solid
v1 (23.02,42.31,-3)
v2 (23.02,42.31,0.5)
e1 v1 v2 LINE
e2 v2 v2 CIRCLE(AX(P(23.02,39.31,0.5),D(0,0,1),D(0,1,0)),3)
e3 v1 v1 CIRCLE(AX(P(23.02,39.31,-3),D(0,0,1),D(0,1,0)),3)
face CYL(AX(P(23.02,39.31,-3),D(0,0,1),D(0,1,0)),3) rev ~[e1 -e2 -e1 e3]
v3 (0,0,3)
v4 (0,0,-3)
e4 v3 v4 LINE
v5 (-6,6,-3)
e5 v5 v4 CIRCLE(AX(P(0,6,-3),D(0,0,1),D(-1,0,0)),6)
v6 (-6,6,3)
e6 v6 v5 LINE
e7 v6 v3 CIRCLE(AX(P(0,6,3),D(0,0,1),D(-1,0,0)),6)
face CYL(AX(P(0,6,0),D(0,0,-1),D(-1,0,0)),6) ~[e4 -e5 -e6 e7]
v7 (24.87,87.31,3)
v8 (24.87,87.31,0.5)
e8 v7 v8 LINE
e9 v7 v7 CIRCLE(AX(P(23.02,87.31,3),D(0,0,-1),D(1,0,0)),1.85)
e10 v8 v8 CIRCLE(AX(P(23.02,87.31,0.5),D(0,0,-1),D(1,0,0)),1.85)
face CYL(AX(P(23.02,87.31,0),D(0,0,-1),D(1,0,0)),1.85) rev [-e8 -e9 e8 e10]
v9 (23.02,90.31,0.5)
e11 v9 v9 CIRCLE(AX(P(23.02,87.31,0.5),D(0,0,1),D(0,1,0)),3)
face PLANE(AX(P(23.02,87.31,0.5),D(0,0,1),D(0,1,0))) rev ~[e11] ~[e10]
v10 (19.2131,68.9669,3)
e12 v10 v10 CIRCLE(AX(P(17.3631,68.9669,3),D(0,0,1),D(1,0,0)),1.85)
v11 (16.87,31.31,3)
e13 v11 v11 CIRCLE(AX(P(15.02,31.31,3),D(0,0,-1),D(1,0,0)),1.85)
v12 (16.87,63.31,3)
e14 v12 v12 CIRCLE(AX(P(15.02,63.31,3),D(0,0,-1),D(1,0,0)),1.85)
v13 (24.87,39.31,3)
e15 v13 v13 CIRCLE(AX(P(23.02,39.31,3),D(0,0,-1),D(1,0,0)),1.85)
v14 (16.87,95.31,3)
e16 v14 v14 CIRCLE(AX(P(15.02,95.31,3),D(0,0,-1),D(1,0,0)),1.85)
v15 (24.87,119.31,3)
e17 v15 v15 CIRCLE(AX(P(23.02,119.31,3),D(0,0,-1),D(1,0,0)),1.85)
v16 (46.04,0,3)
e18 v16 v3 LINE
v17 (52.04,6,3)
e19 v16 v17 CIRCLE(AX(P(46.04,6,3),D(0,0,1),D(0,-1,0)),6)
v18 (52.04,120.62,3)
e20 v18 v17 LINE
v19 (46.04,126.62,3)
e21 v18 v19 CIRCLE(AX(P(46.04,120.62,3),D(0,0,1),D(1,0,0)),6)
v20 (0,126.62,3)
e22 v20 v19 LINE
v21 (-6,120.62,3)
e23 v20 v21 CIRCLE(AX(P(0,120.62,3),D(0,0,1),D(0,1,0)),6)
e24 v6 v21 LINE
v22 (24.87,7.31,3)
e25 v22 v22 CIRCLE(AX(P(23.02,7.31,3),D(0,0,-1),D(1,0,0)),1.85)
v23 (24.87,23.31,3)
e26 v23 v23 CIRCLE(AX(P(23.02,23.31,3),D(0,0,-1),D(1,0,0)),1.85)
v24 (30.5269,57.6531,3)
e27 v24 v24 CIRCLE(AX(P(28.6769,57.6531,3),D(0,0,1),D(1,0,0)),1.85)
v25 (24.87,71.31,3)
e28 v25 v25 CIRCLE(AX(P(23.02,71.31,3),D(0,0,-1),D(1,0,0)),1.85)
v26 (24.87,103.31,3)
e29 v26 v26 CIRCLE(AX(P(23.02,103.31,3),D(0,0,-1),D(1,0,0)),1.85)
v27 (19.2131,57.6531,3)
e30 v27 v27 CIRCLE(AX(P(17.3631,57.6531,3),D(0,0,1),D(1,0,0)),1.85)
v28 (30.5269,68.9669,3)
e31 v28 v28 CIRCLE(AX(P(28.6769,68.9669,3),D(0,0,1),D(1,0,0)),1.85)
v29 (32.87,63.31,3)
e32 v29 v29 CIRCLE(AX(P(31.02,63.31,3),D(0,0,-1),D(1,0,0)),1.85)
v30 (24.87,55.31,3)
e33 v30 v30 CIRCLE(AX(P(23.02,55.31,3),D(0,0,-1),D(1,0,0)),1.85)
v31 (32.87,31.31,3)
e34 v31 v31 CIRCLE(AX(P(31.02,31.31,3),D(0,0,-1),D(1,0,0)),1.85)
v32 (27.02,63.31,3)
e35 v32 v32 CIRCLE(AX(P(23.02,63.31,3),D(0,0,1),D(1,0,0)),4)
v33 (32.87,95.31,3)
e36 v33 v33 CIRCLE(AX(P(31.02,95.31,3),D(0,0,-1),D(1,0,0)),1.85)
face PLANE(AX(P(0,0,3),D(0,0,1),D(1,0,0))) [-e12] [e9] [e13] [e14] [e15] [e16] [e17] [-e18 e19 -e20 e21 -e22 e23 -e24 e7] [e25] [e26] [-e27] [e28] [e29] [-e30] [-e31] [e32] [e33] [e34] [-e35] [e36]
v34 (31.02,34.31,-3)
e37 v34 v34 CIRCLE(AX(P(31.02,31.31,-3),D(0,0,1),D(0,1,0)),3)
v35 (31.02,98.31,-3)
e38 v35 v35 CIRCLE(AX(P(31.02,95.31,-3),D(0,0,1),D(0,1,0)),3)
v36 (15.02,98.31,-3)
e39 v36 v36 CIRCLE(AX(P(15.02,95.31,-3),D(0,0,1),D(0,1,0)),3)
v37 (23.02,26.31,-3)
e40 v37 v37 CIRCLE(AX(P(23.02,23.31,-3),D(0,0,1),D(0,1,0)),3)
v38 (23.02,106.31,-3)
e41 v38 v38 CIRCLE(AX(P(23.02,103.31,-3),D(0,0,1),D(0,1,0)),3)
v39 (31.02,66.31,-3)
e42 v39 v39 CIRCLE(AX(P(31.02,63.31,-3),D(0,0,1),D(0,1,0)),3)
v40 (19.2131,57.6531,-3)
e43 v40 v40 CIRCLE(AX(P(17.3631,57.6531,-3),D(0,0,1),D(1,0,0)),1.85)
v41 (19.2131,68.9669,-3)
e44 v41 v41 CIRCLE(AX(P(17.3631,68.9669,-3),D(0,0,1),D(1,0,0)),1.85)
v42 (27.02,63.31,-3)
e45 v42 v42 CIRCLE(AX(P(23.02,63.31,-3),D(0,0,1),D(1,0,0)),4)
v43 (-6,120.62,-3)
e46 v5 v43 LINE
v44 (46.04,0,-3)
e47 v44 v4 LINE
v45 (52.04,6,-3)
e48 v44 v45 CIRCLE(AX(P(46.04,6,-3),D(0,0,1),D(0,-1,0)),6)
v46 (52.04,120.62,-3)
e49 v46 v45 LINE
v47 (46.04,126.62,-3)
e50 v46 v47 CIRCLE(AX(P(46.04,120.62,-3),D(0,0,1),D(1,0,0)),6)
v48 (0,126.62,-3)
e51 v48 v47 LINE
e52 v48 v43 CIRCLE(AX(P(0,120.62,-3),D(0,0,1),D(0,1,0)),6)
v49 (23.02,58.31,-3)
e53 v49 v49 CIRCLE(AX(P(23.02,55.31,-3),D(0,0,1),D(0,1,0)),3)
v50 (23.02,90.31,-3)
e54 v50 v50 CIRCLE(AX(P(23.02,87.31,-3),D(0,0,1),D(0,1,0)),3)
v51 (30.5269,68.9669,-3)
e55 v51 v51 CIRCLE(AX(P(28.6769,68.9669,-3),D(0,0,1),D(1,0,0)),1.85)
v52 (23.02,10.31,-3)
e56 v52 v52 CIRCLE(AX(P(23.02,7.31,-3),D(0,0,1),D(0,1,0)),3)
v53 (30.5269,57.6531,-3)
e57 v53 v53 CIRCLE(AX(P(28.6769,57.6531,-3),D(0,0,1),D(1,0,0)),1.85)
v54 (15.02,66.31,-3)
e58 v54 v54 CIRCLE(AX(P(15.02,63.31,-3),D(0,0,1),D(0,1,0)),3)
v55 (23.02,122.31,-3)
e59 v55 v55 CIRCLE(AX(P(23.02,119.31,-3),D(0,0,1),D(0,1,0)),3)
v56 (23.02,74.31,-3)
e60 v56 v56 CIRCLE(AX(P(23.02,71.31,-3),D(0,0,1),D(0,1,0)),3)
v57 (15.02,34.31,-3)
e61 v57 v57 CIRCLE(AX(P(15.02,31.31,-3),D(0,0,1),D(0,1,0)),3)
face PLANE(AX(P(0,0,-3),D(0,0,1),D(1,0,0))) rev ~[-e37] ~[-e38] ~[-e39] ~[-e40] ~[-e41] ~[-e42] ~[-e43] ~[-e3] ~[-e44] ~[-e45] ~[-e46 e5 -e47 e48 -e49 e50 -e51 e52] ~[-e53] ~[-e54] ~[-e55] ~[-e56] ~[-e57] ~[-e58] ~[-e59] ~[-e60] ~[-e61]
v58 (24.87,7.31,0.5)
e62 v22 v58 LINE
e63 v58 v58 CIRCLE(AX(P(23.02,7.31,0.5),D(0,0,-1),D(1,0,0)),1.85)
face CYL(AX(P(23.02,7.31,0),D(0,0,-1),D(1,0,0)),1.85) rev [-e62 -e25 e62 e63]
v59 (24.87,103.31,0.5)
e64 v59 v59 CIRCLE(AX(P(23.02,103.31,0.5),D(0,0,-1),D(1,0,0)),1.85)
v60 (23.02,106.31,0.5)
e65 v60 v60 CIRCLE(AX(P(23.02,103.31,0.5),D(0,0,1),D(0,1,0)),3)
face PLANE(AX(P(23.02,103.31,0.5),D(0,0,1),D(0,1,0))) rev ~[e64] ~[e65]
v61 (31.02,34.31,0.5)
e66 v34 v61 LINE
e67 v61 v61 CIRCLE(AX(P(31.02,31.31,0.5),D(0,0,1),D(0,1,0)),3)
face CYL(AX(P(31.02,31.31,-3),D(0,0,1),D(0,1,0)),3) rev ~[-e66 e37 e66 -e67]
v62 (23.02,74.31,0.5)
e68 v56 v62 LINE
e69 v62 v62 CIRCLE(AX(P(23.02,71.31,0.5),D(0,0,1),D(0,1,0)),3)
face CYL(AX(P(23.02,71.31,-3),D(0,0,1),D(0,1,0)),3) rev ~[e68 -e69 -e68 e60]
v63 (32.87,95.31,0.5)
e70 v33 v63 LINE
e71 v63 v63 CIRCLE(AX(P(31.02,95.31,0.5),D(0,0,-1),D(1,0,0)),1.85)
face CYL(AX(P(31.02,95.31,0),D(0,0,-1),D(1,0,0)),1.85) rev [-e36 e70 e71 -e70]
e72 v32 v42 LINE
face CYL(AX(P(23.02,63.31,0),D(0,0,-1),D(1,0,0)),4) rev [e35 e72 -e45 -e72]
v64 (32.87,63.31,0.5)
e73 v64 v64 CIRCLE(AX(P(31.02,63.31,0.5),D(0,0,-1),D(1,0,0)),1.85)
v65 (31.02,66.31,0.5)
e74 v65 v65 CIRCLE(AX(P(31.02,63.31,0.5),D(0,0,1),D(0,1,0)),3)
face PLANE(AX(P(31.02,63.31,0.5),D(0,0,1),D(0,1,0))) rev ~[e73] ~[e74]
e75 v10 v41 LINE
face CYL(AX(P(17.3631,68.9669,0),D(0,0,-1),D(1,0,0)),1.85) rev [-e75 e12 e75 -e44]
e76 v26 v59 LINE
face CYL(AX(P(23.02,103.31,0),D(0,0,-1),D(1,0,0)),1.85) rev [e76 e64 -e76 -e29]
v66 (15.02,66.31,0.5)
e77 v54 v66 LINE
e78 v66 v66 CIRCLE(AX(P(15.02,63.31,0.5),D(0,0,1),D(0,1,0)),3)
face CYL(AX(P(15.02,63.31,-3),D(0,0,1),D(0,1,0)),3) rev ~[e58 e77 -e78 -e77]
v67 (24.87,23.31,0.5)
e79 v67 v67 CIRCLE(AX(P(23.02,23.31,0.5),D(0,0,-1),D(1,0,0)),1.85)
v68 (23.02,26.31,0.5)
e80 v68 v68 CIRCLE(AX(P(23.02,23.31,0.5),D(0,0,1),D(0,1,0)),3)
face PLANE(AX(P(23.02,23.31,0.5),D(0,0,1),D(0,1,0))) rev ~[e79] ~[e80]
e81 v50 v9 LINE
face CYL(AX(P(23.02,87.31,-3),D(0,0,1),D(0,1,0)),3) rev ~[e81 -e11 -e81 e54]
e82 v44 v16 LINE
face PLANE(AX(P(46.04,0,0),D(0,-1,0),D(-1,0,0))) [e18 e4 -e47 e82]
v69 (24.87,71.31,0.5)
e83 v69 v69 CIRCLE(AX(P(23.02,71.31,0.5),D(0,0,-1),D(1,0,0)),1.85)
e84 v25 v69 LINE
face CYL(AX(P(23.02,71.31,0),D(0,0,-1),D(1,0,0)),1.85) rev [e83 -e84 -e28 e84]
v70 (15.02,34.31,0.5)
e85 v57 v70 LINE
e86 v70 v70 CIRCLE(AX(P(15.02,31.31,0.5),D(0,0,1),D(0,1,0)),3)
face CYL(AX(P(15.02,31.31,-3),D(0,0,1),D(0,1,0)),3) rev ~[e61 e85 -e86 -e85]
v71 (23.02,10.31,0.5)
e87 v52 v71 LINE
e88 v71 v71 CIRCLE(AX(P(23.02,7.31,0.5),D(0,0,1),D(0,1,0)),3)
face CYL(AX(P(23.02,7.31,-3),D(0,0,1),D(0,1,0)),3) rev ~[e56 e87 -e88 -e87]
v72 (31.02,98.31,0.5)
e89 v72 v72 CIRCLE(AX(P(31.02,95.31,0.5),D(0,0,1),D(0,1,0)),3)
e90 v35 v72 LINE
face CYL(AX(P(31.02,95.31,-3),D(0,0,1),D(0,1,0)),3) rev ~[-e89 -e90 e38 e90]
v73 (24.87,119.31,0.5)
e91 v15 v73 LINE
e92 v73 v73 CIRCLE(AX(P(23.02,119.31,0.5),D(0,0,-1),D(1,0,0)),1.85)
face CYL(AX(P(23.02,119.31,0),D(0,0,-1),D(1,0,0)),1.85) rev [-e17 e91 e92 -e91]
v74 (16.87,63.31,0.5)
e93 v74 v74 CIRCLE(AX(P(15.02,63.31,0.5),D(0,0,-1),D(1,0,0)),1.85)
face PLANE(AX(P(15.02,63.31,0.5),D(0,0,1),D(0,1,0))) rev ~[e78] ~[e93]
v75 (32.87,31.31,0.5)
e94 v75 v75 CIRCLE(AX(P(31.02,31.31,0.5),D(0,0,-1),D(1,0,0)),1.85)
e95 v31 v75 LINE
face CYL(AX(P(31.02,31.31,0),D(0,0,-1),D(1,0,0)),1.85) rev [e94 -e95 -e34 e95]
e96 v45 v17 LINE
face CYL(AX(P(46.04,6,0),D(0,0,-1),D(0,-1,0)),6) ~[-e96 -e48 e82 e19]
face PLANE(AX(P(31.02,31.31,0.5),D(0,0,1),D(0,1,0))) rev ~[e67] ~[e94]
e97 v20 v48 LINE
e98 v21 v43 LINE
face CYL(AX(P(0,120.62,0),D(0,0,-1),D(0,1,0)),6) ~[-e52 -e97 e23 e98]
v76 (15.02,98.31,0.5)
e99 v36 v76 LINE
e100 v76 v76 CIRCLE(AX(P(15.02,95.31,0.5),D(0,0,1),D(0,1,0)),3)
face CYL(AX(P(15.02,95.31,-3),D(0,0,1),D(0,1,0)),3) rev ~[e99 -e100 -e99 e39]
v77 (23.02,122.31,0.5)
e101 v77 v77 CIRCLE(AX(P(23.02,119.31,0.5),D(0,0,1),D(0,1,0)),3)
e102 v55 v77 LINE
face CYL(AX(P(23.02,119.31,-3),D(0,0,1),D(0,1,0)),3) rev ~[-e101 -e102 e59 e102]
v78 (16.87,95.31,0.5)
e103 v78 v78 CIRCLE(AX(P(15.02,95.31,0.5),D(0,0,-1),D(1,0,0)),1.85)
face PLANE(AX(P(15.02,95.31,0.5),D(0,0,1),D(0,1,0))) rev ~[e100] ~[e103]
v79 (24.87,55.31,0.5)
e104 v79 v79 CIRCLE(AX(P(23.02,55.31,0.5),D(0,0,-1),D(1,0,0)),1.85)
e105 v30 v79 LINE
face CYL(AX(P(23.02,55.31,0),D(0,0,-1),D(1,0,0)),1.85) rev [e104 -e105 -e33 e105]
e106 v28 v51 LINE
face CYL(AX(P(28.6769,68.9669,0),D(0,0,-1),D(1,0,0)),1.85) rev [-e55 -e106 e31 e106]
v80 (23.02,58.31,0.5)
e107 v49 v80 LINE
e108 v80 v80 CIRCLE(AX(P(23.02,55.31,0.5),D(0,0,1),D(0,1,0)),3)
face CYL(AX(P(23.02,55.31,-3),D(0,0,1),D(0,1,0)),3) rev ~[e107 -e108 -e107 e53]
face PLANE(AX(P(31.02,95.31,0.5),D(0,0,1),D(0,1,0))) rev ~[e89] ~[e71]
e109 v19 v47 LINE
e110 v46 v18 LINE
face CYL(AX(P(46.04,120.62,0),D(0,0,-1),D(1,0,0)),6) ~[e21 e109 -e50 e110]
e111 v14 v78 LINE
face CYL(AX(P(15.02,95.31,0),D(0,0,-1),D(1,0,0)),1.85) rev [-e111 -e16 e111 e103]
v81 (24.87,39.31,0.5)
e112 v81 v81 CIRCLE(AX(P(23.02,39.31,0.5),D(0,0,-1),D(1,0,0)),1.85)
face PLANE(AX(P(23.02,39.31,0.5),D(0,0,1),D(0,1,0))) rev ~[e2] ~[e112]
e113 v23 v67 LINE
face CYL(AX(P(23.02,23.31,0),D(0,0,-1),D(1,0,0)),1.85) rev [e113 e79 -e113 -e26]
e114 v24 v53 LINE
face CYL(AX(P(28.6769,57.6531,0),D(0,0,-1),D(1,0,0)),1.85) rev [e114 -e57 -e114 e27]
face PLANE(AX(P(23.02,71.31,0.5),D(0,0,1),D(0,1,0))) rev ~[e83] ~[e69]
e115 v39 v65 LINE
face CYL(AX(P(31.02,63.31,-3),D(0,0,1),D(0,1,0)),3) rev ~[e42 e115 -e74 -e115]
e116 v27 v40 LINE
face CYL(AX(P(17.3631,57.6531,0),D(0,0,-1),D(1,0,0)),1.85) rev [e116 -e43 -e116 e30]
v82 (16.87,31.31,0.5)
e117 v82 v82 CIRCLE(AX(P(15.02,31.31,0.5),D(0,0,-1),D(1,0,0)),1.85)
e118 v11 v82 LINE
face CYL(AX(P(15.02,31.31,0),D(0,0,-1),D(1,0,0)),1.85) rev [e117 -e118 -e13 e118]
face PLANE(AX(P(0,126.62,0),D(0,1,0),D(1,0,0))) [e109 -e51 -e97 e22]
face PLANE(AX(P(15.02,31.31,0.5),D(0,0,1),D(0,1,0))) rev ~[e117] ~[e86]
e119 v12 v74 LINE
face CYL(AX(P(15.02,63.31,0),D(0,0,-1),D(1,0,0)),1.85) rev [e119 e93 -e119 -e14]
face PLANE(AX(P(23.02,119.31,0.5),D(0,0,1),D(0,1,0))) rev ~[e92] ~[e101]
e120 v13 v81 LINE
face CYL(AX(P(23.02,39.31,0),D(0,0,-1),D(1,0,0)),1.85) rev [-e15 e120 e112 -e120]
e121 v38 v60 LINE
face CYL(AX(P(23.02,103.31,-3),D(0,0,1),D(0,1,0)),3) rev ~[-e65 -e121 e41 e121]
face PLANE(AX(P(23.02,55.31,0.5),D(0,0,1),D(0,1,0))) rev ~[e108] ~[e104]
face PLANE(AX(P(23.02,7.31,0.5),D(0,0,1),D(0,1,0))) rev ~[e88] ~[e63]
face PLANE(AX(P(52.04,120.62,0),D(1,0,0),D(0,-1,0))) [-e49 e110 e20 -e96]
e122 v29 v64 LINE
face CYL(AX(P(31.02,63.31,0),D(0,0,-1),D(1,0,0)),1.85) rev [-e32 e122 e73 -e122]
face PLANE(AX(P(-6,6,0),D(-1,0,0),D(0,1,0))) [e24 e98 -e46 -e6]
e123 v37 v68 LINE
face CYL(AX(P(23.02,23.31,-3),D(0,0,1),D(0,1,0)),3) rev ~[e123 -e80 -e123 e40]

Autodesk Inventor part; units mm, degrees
ref_plane "YZ Plane" through (0, 0, 0) normal (1, 0, 0) x (0, 1, 0)
ref_plane "XZ Plane" through (0, 0, 0) normal (0, 1, 0) x (-1, 0, 0)
ref_plane "XY Plane" through (0, 0, 0) normal (0, 0, 1) x (1, 0, 0)
sketch "Sketch1" plane through (0, 0, 0) normal (0, 0, 1) x (1, 0, 0)
  line L0 (46.04, 0) -> (0, 0)
  arc A0 (-6, 6) -> (0, 0) centre (0, 6) ccw
  line L1 (-6, 6) -> (-6, 120.62)
  arc A1 (46.04, 0) -> (52.04, 6) centre (46.04, 6) ccw
  line L2 (52.04, 120.62) -> (52.04, 6)
  arc A2 (0, 126.62) -> (-6, 120.62) centre (0, 120.62) ccw
  line L3 (0, 126.62) -> (46.04, 126.62)
  arc A3 (52.04, 120.62) -> (46.04, 126.62) centre (46.04, 120.62) ccw
  circle A4 centre (15.02, 63.31) radius 1.85 projected
  circle A5 centre (17.3631, 68.9669) radius 1.85 projected
  circle A6 centre (23.02, 71.31) radius 1.85 projected
  circle A7 centre (28.6769, 68.9669) radius 1.85 projected
  circle A8 centre (17.3631, 57.6531) radius 1.85 projected
  circle A9 centre (23.02, 55.31) radius 1.85 projected
  circle A10 centre (28.6769, 57.6531) radius 1.85 projected
  circle A11 centre (31.02, 63.31) radius 1.85 projected
  circle A12 centre (23.02, 63.31) radius 4 projected
  circle A13 centre (23.02, 39.31) radius 1.85 projected
  circle A14 centre (23.02, 23.31) radius 1.85 projected
  circle A15 centre (23.02, 7.31) radius 1.85 projected
  circle A16 centre (23.02, 87.31) radius 1.85 projected
  circle A17 centre (23.02, 103.31) radius 1.85 projected
  circle A18 centre (23.02, 119.31) radius 1.85 projected
  circle A19 centre (15.02, 95.31) radius 1.85 projected
  circle A20 centre (31.02, 95.31) radius 1.85 projected
  circle A21 centre (15.02, 31.31) radius 1.85 projected
  circle A22 centre (31.02, 31.31) radius 1.85 projected
  dimension "d18" = 126.62
  dimension "d19" = 58.04
extrude "Extrusion2" add sketch "Sketch1" along normal mid plane 6
sketch "Sketch3" plane through (0, 0, -3) normal (0, 0, -1) x (-1, 0, 0)
  circle A0 centre (-23.02, 7.31) radius 1.85 projected
  circle A1 centre (-23.02, 23.31) radius 1.85 projected
  circle A2 centre (-31.02, 31.31) radius 1.85 projected
  circle A3 centre (-23.02, 63.31) radius 4 projected
  circle A4 centre (-31.02, 31.31) radius 1.85 projected
  circle A5 centre (-15.02, 31.31) radius 1.85 projected
  circle A6 centre (-31.02, 95.31) radius 1.85 projected
  circle A7 centre (-15.02, 95.31) radius 1.85 projected
  circle A8 centre (-23.02, 119.31) radius 1.85 projected
  circle A9 centre (-23.02, 103.31) radius 1.85 projected
  circle A10 centre (-23.02, 87.31) radius 1.85 projected
  circle A11 centre (-23.02, 7.31) radius 1.85 projected
  circle A12 centre (-23.02, 23.31) radius 1.85 projected
  circle A13 centre (-23.02, 39.31) radius 1.85 projected
  circle A14 centre (-31.02, 63.31) radius 1.85 projected
  circle A15 centre (-28.6769, 57.6531) radius 1.85 projected
  circle A16 centre (-23.02, 55.31) radius 1.85 projected
  circle A17 centre (-17.3631, 57.6531) radius 1.85 projected
  circle A18 centre (-28.6769, 68.9669) radius 1.85 projected
  circle A19 centre (-23.02, 71.31) radius 1.85 projected
  circle A20 centre (-17.3631, 68.9669) radius 1.85 projected
  circle A21 centre (-15.02, 63.31) radius 1.85 projected
  line L0 (-46.04, 0) -> (0, 0) projected
  arc A22 (0, 0) -> (6, 6) centre (0, 6) ccw projected
  line L1 (6, 6) -> (6, 120.62) projected
  arc A23 (6, 120.62) -> (0, 126.62) centre (0, 120.62) ccw projected
  line L2 (0, 126.62) -> (-46.04, 126.62) projected
  arc A24 (-46.04, 126.62) -> (-52.04, 120.62) centre (-46.04, 120.62) ccw projected
  line L3 (-52.04, 120.62) -> (-52.04, 6) projected
  arc A25 (-52.04, 6) -> (-46.04, 0) centre (-46.04, 6) ccw projected
hole "Hole2" at (15.02, 63.31, -3) at (23.02, 71.31, -3) at (31.02, 63.31, -3) at (23.02, 55.31, -3) at (23.02, 87.31, -3) at (15.02, 95.31, -3) at (31.02, 95.31, -3) at (23.02, 103.31, -3) at (23.02, 119.31, -3) at (15.02, 31.31, -3) at (23.02, 39.31, -3) at (23.02, 7.31, -3) at (23.02, 23.31, -3) at (31.02, 31.31, -3) direction (0, 0, 1) diameter 3.7 end through all counterbore diameter 6 counterbore depth 3.5
properties part number "Phone Mount" material "ABS Plastic"
